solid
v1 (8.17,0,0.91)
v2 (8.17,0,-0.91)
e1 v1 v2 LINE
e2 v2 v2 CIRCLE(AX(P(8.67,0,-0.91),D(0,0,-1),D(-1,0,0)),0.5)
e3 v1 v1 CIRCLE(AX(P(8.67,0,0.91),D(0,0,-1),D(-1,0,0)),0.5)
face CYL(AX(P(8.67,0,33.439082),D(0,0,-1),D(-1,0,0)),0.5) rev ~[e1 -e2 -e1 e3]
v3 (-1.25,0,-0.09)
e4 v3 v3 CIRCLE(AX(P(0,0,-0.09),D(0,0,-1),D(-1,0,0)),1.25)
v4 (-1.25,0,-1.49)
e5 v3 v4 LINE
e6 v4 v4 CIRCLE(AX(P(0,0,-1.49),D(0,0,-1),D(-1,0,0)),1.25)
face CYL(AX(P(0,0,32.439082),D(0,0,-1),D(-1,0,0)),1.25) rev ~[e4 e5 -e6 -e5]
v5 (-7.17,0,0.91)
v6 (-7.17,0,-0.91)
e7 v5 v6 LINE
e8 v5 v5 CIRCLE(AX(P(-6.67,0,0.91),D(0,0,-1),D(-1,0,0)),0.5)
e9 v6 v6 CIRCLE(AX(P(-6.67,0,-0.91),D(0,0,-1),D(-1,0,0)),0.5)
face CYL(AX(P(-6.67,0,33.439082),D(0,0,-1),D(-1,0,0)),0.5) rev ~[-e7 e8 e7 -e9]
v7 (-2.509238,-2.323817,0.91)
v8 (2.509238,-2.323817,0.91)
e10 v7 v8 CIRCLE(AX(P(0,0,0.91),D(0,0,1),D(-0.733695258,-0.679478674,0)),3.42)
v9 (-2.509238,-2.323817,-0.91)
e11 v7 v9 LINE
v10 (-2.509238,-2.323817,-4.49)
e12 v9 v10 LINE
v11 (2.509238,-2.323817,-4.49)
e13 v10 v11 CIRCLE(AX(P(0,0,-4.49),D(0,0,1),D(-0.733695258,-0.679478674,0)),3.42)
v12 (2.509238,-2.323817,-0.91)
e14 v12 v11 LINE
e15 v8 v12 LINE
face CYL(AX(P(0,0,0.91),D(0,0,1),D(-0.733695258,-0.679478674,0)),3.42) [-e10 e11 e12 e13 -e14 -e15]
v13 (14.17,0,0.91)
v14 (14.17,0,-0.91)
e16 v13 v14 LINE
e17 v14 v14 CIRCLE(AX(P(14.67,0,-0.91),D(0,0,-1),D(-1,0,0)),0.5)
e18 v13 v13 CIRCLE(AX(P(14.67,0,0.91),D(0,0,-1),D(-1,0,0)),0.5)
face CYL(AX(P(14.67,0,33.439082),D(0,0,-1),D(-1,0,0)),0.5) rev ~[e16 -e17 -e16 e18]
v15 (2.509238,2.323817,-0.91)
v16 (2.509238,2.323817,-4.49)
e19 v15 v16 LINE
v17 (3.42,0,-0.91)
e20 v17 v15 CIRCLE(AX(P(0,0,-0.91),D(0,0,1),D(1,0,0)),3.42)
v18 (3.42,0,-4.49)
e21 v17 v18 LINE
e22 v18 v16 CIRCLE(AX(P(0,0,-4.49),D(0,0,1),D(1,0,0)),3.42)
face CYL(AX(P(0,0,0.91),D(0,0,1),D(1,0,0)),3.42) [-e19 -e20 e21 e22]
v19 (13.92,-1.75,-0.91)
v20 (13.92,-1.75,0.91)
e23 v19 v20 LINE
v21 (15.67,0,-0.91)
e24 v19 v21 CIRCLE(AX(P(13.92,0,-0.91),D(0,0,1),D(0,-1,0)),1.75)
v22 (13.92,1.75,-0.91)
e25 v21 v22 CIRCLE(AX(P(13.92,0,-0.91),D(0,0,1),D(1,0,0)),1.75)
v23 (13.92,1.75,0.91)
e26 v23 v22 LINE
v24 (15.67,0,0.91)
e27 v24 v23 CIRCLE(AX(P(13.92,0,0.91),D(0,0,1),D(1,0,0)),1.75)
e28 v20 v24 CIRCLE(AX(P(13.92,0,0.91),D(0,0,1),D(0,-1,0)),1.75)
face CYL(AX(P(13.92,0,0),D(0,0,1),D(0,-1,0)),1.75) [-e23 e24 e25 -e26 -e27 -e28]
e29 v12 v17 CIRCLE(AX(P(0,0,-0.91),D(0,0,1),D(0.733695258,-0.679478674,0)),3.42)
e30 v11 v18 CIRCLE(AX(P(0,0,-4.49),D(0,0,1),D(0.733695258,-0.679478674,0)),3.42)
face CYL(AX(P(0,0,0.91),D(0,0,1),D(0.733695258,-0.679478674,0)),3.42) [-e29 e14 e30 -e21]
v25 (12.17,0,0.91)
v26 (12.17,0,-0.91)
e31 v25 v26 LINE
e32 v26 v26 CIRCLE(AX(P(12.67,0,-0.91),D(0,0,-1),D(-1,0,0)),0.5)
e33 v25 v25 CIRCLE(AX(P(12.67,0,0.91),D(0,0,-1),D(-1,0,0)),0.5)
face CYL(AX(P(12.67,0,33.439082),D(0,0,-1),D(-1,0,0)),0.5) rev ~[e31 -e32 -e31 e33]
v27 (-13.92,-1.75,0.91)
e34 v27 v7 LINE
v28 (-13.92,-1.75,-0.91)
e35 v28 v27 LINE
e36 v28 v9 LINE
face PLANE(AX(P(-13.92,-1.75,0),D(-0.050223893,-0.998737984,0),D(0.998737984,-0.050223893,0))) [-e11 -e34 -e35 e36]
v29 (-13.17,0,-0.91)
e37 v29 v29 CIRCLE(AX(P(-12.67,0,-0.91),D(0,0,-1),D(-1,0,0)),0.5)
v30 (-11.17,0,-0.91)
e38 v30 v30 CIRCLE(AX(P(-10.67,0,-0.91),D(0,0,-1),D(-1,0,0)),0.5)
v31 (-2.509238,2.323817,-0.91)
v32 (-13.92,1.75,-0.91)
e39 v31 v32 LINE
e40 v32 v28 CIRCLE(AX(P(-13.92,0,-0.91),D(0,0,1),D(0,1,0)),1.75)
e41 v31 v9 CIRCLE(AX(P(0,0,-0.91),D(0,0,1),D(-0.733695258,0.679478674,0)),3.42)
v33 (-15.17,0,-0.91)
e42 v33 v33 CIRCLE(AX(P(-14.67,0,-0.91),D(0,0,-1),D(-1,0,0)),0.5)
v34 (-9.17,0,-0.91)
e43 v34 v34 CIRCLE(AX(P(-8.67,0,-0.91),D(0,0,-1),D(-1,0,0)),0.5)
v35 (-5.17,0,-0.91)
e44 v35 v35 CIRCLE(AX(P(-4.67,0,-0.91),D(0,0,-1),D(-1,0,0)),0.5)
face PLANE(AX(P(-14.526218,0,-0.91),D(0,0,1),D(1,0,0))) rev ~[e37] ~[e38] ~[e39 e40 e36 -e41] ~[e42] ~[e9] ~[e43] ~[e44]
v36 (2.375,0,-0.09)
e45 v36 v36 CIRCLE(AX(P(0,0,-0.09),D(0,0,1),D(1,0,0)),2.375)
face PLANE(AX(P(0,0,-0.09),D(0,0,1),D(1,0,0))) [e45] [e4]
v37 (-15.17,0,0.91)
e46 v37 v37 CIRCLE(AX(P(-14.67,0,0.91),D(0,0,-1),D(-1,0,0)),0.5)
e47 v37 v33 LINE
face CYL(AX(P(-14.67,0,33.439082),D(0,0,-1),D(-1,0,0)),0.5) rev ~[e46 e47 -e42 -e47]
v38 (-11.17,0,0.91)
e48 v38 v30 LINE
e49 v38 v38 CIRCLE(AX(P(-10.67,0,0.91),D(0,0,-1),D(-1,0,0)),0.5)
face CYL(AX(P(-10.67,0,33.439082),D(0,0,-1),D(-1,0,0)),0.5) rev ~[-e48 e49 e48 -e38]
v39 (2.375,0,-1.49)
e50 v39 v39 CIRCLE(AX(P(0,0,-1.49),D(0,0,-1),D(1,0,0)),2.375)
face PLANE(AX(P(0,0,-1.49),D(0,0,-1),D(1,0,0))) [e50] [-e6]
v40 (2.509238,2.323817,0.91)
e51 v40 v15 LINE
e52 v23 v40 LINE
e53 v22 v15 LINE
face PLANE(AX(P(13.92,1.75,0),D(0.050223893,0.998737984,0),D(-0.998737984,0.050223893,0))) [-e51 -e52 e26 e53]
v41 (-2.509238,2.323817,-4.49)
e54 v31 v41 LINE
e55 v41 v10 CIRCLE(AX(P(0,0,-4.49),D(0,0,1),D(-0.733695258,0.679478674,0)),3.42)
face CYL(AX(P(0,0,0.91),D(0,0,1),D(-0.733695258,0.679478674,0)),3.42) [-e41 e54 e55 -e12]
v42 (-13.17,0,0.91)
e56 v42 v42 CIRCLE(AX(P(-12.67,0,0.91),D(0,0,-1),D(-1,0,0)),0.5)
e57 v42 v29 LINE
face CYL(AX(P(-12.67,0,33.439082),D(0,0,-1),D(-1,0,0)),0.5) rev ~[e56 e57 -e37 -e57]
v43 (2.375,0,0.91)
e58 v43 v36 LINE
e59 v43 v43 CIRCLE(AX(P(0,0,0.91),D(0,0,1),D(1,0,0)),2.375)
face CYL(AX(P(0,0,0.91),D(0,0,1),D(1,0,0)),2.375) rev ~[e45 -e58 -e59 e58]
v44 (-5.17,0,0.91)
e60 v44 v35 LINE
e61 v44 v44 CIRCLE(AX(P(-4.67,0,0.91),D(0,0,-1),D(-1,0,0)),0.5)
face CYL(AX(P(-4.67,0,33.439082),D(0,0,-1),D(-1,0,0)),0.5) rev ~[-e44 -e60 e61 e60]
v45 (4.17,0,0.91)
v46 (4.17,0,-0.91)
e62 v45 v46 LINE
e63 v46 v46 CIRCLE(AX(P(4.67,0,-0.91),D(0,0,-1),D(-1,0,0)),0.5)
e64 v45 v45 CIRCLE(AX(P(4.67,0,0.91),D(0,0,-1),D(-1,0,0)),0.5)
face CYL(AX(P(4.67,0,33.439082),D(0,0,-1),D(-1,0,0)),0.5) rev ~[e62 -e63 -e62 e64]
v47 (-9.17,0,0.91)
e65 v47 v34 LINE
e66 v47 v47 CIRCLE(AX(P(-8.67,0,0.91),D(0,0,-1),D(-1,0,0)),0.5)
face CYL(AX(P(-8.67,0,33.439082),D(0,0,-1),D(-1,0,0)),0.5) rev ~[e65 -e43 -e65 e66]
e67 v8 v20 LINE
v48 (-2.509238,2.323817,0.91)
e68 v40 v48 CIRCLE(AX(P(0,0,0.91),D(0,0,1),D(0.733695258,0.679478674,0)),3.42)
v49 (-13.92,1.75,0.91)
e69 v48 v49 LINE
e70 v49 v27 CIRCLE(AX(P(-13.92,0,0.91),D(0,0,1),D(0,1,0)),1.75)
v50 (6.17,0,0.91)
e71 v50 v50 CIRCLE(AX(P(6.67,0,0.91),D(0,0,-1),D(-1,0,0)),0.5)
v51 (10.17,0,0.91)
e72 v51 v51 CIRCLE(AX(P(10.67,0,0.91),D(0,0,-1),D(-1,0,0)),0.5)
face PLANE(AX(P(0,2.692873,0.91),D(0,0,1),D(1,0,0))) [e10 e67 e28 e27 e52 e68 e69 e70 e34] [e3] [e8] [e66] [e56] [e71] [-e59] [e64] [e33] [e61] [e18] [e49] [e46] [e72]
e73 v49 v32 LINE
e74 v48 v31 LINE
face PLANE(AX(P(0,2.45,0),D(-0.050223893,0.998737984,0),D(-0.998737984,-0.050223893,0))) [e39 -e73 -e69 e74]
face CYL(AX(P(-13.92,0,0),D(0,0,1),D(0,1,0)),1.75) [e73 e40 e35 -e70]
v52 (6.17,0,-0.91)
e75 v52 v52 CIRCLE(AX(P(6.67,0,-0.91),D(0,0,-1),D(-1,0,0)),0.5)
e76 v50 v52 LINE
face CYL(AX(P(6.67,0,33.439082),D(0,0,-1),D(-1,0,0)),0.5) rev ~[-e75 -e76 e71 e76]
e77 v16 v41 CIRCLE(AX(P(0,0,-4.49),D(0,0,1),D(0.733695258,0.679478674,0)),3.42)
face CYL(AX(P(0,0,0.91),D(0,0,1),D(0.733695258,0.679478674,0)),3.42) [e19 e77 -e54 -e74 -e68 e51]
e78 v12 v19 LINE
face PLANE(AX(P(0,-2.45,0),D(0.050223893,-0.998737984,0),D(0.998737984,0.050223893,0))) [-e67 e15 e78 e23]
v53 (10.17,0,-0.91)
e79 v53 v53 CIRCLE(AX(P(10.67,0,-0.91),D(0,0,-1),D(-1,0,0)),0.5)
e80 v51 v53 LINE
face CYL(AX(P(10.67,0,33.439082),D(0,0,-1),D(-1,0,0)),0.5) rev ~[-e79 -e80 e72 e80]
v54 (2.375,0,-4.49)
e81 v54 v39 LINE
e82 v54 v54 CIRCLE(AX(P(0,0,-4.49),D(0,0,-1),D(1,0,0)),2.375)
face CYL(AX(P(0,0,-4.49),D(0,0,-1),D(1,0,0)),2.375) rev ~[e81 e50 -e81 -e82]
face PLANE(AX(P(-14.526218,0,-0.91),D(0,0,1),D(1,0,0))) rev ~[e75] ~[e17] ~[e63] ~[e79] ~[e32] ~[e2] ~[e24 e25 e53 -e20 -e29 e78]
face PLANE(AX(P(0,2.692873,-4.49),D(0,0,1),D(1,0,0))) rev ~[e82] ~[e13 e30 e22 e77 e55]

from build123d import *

# Parameters (mm, degrees)
F1_DEPTH = 0.91
F3_DEPTH = 5.4
F4_R     = 2.375
F5_DEPTH = 1
F6_R     = 2.375
F7_DEPTH = 3
F9_D     = 2.5
F11_D    = 1


with BuildPart() as f1:
    # F0 (on Top) → F1 (new body, symmetric)
    with BuildSketch(Plane.XY):
        with BuildLine():
            Line((-13.92, -1.75), (-13.92, 1.75))
            ThreePointArc((-13.92, 1.75), (-15.67, 0), (-13.92, -1.75))
        make_face()
        with BuildLine():
            ThreePointArc((-13.92, -1.75), (-12.6825631329, -1.2374368671), (-12.17, 0))
            ThreePointArc((-12.17, 0), (-12.6825631329, 1.2374368671), (-13.92, 1.75))
            Line((-13.92, 1.75), (-13.92, -1.75))
        make_face()
        with BuildLine():
            ThreePointArc((-13.92, 1.75), (-12.6825631329, 1.2374368671), (-12.17, 0))
            ThreePointArc((-12.17, 0), (-12.6825631329, -1.2374368671), (-13.92, -1.75))
            Line((-13.92, -1.75), (0, -2.45))
            Line((0, -2.45), (0, 2.45))
            Line((0, 2.45), (-13.92, 1.75))
        make_face()
        with BuildLine():
            Line((13.92, 1.75), (0, 2.45))
            Line((0, 2.45), (0, -2.45))
            Line((0, -2.45), (13.92, -1.75))
            ThreePointArc((13.92, -1.75), (12.17, 0), (13.92, 1.75))
        make_face()
        with BuildLine():
            Line((13.92, -1.75), (13.92, 1.75))
            ThreePointArc((13.92, 1.75), (12.17, 0), (13.92, -1.75))
        make_face()
        with BuildLine():
            ThreePointArc((15.67, 0), (15.1574368671, 1.2374368671), (13.92, 1.75))
            Line((13.92, 1.75), (13.92, -1.75))
            ThreePointArc((13.92, -1.75), (15.1574368671, -1.2374368671), (15.67, 0))
        make_face()
    extrude(amount=F1_DEPTH, both=True)

    # F2 (on face) → F3 (join)
    with BuildSketch(Plane.XY.offset(0.91)):
        with BuildLine():
            Line((0, 2.45), (2.5092377818, 2.3238170656))
            ThreePointArc((2.5092377818, 2.3238170656), (0, 3.42), (-2.5092377818, 2.3238170656))
            Line((-2.5092377818, 2.3238170656), (0, 2.45))
        make_face()
        with BuildLine():
            ThreePointArc((2.5092377818, -2.3238170656), (3.1841791104, -1.2479596921), (3.42, 0))
            ThreePointArc((3.42, 0), (3.1841791104, 1.2479596921), (2.5092377818, 2.3238170656))
            Line((2.5092377818, 2.3238170656), (0, 2.45))
            Line((0, 2.45), (-2.5092377818, 2.3238170656))
            ThreePointArc((-2.5092377818, 2.3238170656), (-3.42, 0), (-2.5092377818, -2.3238170656))
            Line((-2.5092377818, -2.3238170656), (0, -2.45))
            Line((0, -2.45), (2.5092377818, -2.3238170656))
        make_face()
        with BuildLine():
            ThreePointArc((-2.5092377818, -2.3238170656), (0, -3.42), (2.5092377818, -2.3238170656))
            Line((2.5092377818, -2.3238170656), (0, -2.45))
            Line((0, -2.45), (-2.5092377818, -2.3238170656))
        make_face()
    extrude(amount=-F3_DEPTH)

    # F4 (on face) → F5 (cut)
    with BuildSketch(Plane.XY.offset(0.91)):
        Circle(F4_R)
    extrude(amount=-F5_DEPTH, mode=Mode.SUBTRACT)

    # F6 (on face) → F7 (cut)
    with BuildSketch(Plane(origin=(0, 0, -4.49), x_dir=(1, 0, 0), z_dir=(0, 0, -1))):
        Circle(F6_R)
    extrude(amount=-F7_DEPTH, mode=Mode.SUBTRACT)

    # F9 (through all)
    with Locations(Plane.XY.offset(-0.09)):
        with Locations((0, 0)):
            Hole(F9_D / 2)

    # F11 (through all)
    with Locations(Plane.XY.offset(0.91)):
        with Locations((-14.67, 0), (-12.67, 0), (-10.67, 0), (-8.67, 0), (-6.67, 0), (-4.67, 0), (4.67, 0), (6.67, 0), (8.67, 0), (10.67, 0), (12.67, 0), (14.67, 0)):
            Hole(F11_D / 2)


solid = f1.part
